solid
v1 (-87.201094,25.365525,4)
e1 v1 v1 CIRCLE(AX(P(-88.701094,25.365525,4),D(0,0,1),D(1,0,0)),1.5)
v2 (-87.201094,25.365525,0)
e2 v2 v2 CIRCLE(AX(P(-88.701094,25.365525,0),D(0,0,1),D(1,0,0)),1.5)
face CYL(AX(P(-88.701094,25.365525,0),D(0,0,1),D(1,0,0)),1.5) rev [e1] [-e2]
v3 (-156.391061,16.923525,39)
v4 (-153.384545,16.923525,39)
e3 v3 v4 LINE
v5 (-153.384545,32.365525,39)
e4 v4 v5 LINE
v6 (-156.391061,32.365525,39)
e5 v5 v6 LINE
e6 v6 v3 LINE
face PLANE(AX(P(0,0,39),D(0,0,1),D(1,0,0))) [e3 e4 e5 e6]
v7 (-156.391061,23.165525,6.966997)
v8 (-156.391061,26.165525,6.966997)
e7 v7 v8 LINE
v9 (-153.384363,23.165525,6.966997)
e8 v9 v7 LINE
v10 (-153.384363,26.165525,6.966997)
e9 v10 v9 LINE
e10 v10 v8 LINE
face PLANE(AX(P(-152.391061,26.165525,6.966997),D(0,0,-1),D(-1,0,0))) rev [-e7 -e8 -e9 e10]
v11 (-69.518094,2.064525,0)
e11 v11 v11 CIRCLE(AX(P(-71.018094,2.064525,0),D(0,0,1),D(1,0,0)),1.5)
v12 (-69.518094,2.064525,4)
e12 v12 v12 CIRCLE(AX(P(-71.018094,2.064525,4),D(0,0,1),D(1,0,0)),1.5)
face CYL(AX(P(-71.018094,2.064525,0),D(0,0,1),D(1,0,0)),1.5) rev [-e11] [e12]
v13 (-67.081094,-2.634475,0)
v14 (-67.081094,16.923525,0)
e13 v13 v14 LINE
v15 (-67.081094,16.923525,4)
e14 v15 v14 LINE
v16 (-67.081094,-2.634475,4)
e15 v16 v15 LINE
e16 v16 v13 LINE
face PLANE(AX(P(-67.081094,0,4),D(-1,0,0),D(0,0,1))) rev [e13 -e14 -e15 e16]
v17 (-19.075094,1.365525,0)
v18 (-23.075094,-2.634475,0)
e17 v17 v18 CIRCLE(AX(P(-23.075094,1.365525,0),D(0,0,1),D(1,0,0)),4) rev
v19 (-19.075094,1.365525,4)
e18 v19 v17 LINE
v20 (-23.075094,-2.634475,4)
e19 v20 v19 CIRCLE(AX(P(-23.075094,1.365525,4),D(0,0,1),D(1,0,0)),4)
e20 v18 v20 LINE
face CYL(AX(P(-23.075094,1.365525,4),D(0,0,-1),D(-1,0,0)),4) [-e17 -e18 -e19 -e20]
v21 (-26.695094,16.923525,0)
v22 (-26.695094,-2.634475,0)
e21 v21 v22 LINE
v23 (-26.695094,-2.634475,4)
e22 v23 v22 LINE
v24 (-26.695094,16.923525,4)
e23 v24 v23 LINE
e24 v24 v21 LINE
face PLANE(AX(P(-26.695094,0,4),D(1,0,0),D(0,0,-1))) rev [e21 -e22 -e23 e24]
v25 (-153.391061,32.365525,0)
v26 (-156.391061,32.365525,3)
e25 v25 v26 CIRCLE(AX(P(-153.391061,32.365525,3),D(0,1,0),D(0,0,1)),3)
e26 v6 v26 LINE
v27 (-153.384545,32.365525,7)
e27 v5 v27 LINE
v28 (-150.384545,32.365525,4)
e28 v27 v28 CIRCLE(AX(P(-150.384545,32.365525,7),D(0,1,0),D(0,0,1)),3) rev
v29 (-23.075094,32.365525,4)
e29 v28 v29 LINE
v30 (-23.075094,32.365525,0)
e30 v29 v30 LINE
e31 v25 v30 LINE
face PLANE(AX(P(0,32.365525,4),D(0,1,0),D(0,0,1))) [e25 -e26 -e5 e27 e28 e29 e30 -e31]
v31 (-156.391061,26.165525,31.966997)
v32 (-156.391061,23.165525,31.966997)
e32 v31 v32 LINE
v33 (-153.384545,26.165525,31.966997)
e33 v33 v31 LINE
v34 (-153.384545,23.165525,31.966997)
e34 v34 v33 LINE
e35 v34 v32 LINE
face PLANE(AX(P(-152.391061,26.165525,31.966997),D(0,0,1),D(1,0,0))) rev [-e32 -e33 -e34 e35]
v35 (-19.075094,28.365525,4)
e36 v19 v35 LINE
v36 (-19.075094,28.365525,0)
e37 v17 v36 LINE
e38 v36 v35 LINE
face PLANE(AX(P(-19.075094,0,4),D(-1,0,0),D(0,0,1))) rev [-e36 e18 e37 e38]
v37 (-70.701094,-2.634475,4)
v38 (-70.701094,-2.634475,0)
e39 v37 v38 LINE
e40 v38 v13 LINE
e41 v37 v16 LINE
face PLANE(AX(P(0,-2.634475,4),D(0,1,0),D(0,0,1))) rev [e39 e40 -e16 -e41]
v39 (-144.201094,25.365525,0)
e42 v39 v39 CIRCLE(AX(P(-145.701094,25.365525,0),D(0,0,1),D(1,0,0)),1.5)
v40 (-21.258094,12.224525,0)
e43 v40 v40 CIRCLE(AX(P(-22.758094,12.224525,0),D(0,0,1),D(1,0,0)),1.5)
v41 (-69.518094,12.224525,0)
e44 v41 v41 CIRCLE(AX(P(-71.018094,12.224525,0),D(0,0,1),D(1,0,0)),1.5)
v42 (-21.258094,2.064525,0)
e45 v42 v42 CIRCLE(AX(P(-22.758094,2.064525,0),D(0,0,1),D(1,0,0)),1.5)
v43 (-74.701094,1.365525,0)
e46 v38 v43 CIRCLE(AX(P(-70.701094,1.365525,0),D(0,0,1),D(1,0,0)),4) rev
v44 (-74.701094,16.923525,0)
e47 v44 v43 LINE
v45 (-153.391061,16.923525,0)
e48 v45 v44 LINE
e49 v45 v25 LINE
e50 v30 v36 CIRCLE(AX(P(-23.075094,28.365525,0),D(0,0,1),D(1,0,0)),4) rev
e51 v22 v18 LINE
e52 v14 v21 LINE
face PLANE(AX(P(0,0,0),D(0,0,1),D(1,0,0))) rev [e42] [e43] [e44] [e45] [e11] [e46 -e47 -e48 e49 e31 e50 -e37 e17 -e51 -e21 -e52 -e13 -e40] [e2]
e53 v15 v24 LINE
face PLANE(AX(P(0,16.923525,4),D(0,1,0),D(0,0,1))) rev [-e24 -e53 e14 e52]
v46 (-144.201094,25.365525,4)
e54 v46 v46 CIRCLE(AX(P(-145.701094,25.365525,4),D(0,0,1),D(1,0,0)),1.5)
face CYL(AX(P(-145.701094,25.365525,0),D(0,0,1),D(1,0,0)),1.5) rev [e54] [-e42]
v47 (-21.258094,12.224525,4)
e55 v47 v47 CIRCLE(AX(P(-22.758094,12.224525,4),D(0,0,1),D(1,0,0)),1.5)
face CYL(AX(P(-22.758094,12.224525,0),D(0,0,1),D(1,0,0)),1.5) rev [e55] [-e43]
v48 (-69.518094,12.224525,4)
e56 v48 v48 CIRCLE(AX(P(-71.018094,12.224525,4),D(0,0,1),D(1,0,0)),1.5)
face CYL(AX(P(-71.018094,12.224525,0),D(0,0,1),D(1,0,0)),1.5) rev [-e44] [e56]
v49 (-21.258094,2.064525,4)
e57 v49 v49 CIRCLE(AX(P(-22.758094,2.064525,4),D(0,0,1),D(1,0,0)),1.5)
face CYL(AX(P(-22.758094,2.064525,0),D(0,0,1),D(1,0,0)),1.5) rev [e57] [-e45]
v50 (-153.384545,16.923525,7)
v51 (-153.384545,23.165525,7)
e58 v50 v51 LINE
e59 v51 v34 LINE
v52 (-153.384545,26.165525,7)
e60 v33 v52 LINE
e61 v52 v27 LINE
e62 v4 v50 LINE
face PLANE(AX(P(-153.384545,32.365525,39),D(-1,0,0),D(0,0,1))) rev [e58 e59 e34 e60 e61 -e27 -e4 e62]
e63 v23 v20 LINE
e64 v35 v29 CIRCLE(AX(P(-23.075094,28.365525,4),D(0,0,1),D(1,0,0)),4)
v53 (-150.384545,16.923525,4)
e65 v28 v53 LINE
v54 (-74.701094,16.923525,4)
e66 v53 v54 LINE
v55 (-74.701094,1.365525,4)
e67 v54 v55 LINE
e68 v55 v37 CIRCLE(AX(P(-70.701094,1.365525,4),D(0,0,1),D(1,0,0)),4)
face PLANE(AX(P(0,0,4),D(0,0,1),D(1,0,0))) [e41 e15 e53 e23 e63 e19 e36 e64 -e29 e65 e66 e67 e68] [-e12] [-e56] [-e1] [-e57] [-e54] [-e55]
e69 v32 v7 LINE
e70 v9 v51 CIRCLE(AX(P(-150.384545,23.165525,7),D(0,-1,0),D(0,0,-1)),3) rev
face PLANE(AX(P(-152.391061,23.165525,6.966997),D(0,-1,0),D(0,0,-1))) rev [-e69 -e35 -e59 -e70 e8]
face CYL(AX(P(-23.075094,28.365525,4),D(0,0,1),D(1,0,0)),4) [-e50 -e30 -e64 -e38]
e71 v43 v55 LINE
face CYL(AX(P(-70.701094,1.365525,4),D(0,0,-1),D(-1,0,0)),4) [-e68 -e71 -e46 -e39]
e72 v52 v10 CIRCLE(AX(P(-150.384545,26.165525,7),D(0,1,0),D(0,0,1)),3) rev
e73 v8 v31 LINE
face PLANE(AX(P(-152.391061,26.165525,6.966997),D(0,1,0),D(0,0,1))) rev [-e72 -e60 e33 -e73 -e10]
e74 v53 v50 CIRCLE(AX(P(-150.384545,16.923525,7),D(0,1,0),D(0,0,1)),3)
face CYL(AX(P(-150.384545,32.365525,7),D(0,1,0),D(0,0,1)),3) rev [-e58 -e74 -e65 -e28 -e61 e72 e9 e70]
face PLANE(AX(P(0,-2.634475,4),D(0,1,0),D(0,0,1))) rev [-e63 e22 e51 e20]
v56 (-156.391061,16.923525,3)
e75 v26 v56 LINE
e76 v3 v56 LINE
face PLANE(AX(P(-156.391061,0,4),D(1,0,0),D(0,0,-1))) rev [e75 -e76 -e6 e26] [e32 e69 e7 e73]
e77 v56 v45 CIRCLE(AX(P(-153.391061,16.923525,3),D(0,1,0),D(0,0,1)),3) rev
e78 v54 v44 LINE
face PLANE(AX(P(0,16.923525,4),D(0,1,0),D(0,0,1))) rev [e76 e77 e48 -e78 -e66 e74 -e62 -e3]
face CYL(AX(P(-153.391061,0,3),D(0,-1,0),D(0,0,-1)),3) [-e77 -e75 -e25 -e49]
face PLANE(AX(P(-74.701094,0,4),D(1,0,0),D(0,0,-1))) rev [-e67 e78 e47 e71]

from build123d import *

# Parameters (mm, degrees)
BOSS_EXTRUDE2_DEPTH     = 4
FILLET1_R               = 4
SKETCH6_R               = 1.5
CUT_EXTRUDE1_DEPTH      = 4
SKETCH3_R               = 1.5
CUT_EXTRUDE2_DEPTH      = 4
SKETCH7_W               = 3.00651588
SKETCH7_H               = 15.442
BOSS_EXTRUDE3_DEPTH     = 35
FILLET2_R               = 3
FILLET3_R               = 3
SKETCH8_W               = 25
SKETCH8_H               = 3
CUT_EXTRUDE6_DEPTH      = 4
CUT_EXTRUDE6_DEPTH_BACK = 4


with BuildPart() as part:
    # Sketch2 → Boss-Extrude2 (new body)
    with BuildSketch(Plane.XY):
        Polygon((-67.081093968, -2.634474623), (-67.081093968, 16.923525377), (-26.695093968, 16.923525377), (-26.695093968, -2.634474623), (-19.075093968, -2.634474623), (-19.075093968, 32.365525377), (-67.081093968, 32.365525377), (-74.701093968, 32.365525377), (-156.39106061, 32.365525377), (-156.39106061, 16.923525377), (-74.701093968, 16.923525377), (-74.701093968, -2.634474623), align=None)
    extrude(amount=BOSS_EXTRUDE2_DEPTH)

    # Fillet1
    fillet1_edges = [part.edges().sort_by_distance(p)[0] for p in [
        (-19.075093968, 32.365525377, 2),
        (-19.075093968, -2.634474623, 2),
        (-74.701093968, -2.634474623, 2),
    ]]
    fillet(fillet1_edges, radius=FILLET1_R)

    # Sketch6 → Cut-Extrude1 (cut)
    with BuildSketch(Plane.XY.offset(4)):
        with Locations((-71.018093968, 12.224525377)):
            Circle(SKETCH6_R)
        with Locations((-22.758093968, 12.224525377)):
            Circle(SKETCH6_R)
        with Locations((-22.758093968, 2.064525377)):
            Circle(SKETCH6_R)
        with Locations((-71.018093968, 2.064525377)):
            Circle(SKETCH6_R)
    extrude(amount=-CUT_EXTRUDE1_DEPTH, mode=Mode.SUBTRACT)

    # Sketch3 → Cut-Extrude2 (cut)
    with BuildSketch(Plane.XY.offset(4)):
        with Locations((-145.701093968, 25.365525377)):
            Circle(SKETCH3_R)
        with Locations((-88.701093968, 25.365525377)):
            Circle(SKETCH3_R)
    extrude(amount=-CUT_EXTRUDE2_DEPTH, mode=Mode.SUBTRACT)

    # Sketch7 → Boss-Extrude3 (add)
    with BuildSketch(Plane.XY.offset(4)):
        with Locations((-154.88780267, 24.644525377)):
            Rectangle(SKETCH7_W, SKETCH7_H)
    extrude(amount=BOSS_EXTRUDE3_DEPTH)

    # Fillet2
    fillet2_edges = [part.edges().sort_by_distance(p)[0] for p in [
        (-153.38454473, 24.644525377, 4),
    ]]
    fillet(fillet2_edges, radius=FILLET2_R)

    # Fillet3
    fillet3_edges = [part.edges().sort_by_distance(p)[0] for p in [
        (-156.39106061, 24.644525377, 0),
    ]]
    fillet(fillet3_edges, radius=FILLET3_R)

    # Sketch8 → Cut-Extrude6 (cut, two sides)
    with BuildSketch(Plane.ZY.offset(156.39106061)) as cut_extrude6_sk:
        with Locations((19.4669967, 24.665525377)):
            Rectangle(SKETCH8_W, SKETCH8_H)
    extrude(amount=CUT_EXTRUDE6_DEPTH, mode=Mode.SUBTRACT)
    extrude(cut_extrude6_sk.sketch, amount=-CUT_EXTRUDE6_DEPTH_BACK, mode=Mode.SUBTRACT)


solid = part.part
